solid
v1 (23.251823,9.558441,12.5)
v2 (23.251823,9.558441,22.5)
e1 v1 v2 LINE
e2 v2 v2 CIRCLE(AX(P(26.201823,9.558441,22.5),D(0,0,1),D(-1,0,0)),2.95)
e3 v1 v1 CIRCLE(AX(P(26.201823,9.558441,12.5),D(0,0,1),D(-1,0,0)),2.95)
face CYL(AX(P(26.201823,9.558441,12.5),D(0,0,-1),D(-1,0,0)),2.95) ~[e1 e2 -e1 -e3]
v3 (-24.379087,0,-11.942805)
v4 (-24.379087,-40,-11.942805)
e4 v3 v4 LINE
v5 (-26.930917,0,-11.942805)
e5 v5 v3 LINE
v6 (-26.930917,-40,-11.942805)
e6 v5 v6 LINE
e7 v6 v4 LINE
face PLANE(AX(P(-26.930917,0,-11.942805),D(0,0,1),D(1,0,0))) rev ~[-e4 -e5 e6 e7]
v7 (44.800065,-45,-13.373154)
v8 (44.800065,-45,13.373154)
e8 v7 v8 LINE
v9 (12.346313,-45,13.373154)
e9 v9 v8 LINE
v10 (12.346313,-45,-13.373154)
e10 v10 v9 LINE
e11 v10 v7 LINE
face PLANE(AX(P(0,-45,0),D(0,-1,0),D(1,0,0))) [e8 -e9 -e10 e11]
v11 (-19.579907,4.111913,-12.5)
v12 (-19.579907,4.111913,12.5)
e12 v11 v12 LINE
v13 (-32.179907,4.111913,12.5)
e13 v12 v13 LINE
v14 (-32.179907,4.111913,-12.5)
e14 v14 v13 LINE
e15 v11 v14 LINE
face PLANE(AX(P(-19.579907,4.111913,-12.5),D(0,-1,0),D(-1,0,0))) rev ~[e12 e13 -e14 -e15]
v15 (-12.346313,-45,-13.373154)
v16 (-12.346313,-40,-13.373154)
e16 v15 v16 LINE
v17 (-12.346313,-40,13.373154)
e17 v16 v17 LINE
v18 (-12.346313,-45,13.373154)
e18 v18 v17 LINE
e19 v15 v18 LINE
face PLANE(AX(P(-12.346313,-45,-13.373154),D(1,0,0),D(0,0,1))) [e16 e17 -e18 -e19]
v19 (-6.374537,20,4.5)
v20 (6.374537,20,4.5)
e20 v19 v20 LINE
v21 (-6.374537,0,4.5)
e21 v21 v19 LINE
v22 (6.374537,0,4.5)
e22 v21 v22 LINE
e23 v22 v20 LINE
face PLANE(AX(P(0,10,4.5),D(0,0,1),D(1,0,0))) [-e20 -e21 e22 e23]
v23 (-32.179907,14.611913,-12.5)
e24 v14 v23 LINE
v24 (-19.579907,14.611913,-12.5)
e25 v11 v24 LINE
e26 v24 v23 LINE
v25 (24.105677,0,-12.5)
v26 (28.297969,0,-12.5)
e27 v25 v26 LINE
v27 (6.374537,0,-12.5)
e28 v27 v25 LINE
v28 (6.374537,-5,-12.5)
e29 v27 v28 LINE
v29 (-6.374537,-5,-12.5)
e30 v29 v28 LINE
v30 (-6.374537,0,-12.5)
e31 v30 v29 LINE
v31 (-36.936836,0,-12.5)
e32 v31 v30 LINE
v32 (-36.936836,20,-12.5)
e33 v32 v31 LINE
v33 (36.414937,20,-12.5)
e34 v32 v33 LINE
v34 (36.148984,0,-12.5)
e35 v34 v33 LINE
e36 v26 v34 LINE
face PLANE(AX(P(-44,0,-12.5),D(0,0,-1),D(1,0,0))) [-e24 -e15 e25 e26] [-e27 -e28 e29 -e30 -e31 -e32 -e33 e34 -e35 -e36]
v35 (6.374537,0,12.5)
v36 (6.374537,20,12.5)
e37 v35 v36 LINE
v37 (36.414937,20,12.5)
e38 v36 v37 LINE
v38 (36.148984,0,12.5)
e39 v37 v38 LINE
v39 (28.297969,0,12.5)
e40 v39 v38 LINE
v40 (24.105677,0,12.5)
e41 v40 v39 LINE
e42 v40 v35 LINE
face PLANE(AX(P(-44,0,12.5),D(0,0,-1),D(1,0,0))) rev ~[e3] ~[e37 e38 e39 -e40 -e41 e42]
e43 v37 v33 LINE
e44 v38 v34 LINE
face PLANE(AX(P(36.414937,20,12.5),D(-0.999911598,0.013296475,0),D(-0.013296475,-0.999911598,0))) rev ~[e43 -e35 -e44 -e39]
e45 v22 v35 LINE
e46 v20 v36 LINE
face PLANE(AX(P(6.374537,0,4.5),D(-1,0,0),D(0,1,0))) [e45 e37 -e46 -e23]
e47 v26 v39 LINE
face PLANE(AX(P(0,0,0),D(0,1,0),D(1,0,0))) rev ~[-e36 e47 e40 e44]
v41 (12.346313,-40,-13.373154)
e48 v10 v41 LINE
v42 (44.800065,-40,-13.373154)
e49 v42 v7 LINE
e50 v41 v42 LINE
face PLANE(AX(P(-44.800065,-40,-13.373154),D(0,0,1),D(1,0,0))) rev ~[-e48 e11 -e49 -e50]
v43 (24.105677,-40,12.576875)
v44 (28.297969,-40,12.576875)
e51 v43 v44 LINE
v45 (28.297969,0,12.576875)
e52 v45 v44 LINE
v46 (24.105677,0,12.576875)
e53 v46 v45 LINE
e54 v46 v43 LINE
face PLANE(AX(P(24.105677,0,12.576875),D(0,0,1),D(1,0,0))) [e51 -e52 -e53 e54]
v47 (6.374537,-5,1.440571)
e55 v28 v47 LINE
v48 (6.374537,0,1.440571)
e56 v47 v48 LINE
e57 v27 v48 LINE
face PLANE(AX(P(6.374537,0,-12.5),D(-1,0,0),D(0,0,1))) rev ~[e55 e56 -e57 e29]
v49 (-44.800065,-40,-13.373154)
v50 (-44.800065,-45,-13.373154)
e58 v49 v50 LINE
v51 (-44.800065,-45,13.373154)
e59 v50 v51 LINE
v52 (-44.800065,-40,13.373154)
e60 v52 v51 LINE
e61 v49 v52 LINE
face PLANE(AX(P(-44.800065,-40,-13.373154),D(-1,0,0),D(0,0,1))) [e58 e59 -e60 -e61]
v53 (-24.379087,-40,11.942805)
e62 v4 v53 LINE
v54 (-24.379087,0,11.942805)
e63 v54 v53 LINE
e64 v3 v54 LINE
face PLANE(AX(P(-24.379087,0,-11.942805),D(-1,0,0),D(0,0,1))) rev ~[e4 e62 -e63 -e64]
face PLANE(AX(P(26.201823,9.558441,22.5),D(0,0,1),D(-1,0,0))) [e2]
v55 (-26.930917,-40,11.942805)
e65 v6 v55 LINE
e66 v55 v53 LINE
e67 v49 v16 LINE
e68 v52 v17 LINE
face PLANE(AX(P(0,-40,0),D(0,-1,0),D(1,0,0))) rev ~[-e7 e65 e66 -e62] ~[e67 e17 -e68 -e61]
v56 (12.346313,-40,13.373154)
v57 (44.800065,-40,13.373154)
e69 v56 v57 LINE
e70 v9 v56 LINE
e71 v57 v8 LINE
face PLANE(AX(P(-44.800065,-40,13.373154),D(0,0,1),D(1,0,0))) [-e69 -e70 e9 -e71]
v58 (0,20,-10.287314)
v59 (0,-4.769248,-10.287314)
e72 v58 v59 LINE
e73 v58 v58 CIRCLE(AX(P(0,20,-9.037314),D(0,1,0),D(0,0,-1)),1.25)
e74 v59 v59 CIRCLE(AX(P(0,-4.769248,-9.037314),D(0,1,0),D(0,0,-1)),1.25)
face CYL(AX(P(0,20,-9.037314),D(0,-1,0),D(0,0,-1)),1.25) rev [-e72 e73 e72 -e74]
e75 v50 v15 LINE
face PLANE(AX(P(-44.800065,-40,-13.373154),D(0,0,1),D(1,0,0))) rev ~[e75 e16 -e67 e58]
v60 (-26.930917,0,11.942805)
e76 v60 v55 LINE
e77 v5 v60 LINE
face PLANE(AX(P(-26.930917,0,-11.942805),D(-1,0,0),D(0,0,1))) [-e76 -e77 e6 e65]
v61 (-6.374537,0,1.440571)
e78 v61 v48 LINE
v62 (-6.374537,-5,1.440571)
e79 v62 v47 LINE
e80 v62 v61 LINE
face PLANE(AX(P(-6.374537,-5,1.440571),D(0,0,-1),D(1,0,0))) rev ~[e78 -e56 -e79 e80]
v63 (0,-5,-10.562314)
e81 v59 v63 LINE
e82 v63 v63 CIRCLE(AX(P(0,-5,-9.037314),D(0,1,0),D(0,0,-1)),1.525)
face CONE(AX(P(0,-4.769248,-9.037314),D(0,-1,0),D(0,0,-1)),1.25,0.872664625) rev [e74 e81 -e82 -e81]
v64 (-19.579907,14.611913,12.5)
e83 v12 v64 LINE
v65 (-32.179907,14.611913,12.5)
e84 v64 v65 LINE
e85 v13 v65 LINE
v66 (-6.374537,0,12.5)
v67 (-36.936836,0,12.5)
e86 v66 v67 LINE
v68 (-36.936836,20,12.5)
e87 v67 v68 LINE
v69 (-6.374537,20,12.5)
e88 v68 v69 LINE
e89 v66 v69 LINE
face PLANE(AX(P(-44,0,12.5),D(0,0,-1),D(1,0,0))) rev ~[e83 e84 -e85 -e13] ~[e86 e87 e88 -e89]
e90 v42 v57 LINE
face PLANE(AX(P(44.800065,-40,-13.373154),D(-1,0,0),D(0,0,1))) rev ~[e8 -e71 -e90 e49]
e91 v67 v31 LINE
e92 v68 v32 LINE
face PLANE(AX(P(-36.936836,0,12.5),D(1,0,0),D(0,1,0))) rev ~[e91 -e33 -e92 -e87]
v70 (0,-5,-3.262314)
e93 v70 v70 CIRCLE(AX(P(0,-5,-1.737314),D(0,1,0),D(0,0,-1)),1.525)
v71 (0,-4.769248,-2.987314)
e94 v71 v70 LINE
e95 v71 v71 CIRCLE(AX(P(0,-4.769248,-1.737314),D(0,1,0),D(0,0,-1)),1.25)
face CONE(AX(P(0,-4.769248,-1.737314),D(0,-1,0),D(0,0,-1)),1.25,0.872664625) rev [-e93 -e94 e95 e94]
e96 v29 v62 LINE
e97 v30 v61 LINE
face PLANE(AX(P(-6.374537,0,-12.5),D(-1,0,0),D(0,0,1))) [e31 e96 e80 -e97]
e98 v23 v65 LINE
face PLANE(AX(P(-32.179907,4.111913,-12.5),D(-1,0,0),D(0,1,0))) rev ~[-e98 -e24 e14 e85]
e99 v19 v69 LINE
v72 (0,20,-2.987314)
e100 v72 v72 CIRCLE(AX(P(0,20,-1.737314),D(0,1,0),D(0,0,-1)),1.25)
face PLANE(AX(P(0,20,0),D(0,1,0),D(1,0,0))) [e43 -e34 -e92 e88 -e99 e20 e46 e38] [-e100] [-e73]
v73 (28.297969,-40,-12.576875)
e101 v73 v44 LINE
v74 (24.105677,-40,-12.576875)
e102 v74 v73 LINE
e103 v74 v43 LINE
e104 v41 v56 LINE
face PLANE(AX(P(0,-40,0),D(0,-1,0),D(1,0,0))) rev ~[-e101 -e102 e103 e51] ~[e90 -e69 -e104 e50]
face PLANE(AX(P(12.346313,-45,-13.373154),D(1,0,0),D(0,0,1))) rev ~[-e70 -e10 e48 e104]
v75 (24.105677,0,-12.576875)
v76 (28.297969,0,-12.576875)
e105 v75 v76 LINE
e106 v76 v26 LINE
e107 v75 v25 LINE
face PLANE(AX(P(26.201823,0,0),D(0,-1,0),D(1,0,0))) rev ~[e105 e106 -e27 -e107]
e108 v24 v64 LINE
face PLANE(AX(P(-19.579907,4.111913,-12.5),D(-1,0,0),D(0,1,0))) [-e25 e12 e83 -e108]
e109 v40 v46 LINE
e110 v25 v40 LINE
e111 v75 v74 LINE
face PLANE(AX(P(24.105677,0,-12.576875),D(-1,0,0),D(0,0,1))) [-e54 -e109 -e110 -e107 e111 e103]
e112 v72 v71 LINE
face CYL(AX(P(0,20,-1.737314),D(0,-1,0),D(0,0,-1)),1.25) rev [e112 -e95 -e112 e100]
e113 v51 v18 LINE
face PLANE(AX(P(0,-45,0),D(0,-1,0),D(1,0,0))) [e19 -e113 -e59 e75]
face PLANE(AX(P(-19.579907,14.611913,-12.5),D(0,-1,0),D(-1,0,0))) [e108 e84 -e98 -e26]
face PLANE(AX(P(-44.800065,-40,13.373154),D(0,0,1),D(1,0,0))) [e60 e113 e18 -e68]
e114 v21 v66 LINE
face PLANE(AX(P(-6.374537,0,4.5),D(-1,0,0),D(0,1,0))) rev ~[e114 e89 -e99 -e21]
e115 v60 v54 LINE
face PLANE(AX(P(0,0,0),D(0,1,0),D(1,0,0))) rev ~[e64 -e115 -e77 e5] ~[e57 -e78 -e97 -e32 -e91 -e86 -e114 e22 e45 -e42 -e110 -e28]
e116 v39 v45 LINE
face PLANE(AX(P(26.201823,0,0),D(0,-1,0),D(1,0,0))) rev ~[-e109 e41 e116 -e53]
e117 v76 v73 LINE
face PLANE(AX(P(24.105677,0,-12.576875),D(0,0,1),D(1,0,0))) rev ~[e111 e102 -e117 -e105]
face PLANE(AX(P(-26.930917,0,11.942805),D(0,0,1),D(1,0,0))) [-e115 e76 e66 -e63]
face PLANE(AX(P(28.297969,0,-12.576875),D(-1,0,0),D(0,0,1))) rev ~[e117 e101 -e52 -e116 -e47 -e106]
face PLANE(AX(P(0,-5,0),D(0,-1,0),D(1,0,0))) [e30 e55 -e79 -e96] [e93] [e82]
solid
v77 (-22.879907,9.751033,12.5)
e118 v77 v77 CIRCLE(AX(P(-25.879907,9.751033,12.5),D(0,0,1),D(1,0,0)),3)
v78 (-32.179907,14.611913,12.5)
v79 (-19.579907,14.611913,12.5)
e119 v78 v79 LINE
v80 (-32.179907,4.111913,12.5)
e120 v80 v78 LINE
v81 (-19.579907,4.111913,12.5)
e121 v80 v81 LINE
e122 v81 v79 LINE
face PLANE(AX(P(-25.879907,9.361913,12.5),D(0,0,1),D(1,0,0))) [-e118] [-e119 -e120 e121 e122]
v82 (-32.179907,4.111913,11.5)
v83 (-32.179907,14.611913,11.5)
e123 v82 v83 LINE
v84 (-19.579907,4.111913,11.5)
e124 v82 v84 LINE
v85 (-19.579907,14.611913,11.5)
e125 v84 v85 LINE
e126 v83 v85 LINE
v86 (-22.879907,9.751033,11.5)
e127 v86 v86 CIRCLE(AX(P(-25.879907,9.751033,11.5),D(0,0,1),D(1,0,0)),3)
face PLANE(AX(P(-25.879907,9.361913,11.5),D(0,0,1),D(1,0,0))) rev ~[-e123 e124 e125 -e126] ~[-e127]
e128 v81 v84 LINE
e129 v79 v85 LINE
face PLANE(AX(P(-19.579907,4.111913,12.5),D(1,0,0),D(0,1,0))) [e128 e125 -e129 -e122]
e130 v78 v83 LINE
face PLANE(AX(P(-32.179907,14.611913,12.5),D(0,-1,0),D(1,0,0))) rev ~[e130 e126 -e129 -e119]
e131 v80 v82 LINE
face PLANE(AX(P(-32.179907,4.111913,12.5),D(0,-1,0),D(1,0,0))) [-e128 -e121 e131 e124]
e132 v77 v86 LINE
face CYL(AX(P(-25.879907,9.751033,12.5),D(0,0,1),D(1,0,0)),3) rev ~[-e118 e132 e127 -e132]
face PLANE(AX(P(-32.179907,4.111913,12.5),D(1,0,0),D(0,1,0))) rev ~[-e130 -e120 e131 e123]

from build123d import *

# Parameters (mm, degrees)
SKETCH_1_W               = 88
SKETCH_1_H               = 25
EXTRUDE_2_DEPTH          = 20
SKETCH_4_W               = 2.551829688
SKETCH_4_H               = 23.885610852
EXTRUDE_5_DEPTH          = 40
SKETCH_5_W               = 4.19229163
SKETCH_5_H               = 25.15374978
EXTRUDE_6_DEPTH          = 40
SKETCH_6_W               = 89.600130436
SKETCH_6_H               = 26.746307592
EXTRUDE_7_DEPTH          = 5
SKETCH_7_W               = 12.6
SKETCH_7_H               = 10.5
CUT_EXTRUDE_1_DEPTH      = 69.567236571
SKETCH_8_W               = 12.6
SKETCH_8_H               = 10.5
EXTRUDE_8_DEPTH          = 1
SKETCH_10_R              = 2.95
EXTRUDE_9_DEPTH          = 10
SKETCH_2_W               = 12.749073286
SKETCH_2_H               = 25
EXTRUDE_10_DEPTH         = 5
SKETCH_14_W              = 24.692625752
SKETCH_14_H              = 26.746307592
CUT_EXTRUDE_3_DEPTH      = 10
SKETCH_15_W              = 12.749073286
SKETCH_15_H              = 11.05942892
CUT_EXTRUDE_4_DEPTH      = 5
SKETCH_16_R              = 3
CUT_EXTRUDE_5_DEPTH      = 5
SKETCH_29_W              = 7.06316408
SKETCH_29_H              = 20
CUT_EXTRUDE_6_DEPTH      = 69.567236571
CUT_EXTRUDE_7_DEPTH      = 69.567236571
CUT_EXTRUDE_8_DEPTH      = 69.567236571
CUT_EXTRUDE_8_DEPTH_BACK = 8
SKETCH_31_W              = 12.749073286
SKETCH_31_H              = 20


with BuildPart() as part:
    # 草圖1 → 填料-伸長2 (new body)
    with BuildSketch(Plane(origin=(0, 0, 0), x_dir=(1, 0, 0), z_dir=(0, 1, 0))):
        Rectangle(SKETCH_1_W, SKETCH_1_H)
    extrude(amount=EXTRUDE_2_DEPTH)

    # 草圖4 → 填料-伸長5 (add)
    with BuildSketch(Plane.XZ):
        with Locations((-25.655002041, 0)):
            Rectangle(SKETCH_4_W, SKETCH_4_H)
    extrude(amount=EXTRUDE_5_DEPTH)

    # 草圖5 → 填料-伸長6 (add)
    with BuildSketch(Plane.XZ):
        with Locations((26.201822688, 0)):
            Rectangle(SKETCH_5_W, SKETCH_5_H)
    extrude(amount=EXTRUDE_6_DEPTH)

    # 草圖6 → 填料-伸長7 (add)
    with BuildSketch(Plane.XZ.offset(40)):
        Rectangle(SKETCH_6_W, SKETCH_6_H)
    extrude(amount=EXTRUDE_7_DEPTH)

    # 草圖7 → 除料-伸長1 (cut, through all)
    with BuildSketch(Plane(origin=(0, 0, -12.5), x_dir=(-1, 0, 0), z_dir=(0, 0, -1))):
        with Locations((25.879907351, 9.361912681)):
            Rectangle(SKETCH_7_W, SKETCH_7_H)
    extrude(amount=-CUT_EXTRUDE_1_DEPTH, mode=Mode.SUBTRACT)

    # 草圖10 → 填料-伸長9 (add)
    with BuildSketch(Plane.XY.offset(12.5)):
        with Locations(Location((26.201822688, 9.558441428, 0), (0, 0, 180))):
            Circle(SKETCH_10_R)
    extrude(amount=EXTRUDE_9_DEPTH)

    # 草圖2 → 填料-伸長10 (add)
    with BuildSketch(Plane.XZ):
        Rectangle(SKETCH_2_W, SKETCH_2_H)
    extrude(amount=EXTRUDE_10_DEPTH)

    # 草圖14 → 除料-伸長3 (cut)
    with BuildSketch(Plane.XZ.offset(45)):
        Rectangle(SKETCH_14_W, SKETCH_14_H)
    extrude(amount=-CUT_EXTRUDE_3_DEPTH, mode=Mode.SUBTRACT)

    # 草圖15 → 除料-伸長4 (cut)
    with BuildSketch(Plane.XZ.offset(5)):
        with Locations((0, 6.97028554)):
            Rectangle(SKETCH_15_W, SKETCH_15_H)
    extrude(amount=-CUT_EXTRUDE_4_DEPTH, mode=Mode.SUBTRACT)

    # 草圖24 → M3 螺紋孔3 (revolve, cut)
    with BuildSketch(Plane(origin=(0, -5, -1.73731437), x_dir=(0, 0, -1), z_dir=(1, 0, 0))):
        Polygon((0, 0), (0, 25), (1.25, 25), (1.25, 0.230752399), (1.525, 0), align=None)
    revolve(axis=Axis((0, -11.35, -1.73731437), (0, 1, 0)), mode=Mode.SUBTRACT)

    # 草圖27 → M3 螺紋孔4 (revolve, cut)
    with BuildSketch(Plane(origin=(0, -5, -9.03731437), x_dir=(0, 0, -1), z_dir=(1, 0, 0))):
        Polygon((0, 0), (0, 25), (1.25, 25), (1.25, 0.230752399), (1.525, 0), align=None)
    revolve(axis=Axis((0, -11.35, -9.03731437), (0, 1, 0)), mode=Mode.SUBTRACT)

    # 草圖29 → 除料-伸長6 (cut, through all)
    with BuildSketch(Plane.XY.offset(12.5)):
        with Locations((-40.46841796, 10)):
            Rectangle(SKETCH_29_W, SKETCH_29_H)
    extrude(amount=-CUT_EXTRUDE_6_DEPTH, mode=Mode.SUBTRACT)

    # 草圖30 → 除料-伸長7 (cut, through all)
    with BuildSketch(Plane.XY.offset(12.5)):
        Polygon((36.414937256, 20), (36.148984252, 0), (44, 0), (44, 20), align=None)
    extrude(amount=-CUT_EXTRUDE_7_DEPTH, mode=Mode.SUBTRACT)

    # 草圖31 → 除料-伸長8 (cut, two sides: drawn at the far end of the back side and taken through both)
    with BuildSketch(Plane.XY.offset(12.5).offset(-CUT_EXTRUDE_8_DEPTH_BACK)):
        with Locations((0, 10)):
            Rectangle(SKETCH_31_W, SKETCH_31_H)
    extrude(amount=CUT_EXTRUDE_8_DEPTH + CUT_EXTRUDE_8_DEPTH_BACK, mode=Mode.SUBTRACT)


with BuildPart() as body_2:
    # 草圖8 → 填料-伸長8 (new body)
    with BuildSketch(Plane.XY.offset(12.5)):
        with Locations((-25.879907351, 9.361912681)):
            Rectangle(SKETCH_8_W, SKETCH_8_H)
    extrude(amount=-EXTRUDE_8_DEPTH)

    # 草圖16 → 除料-伸長5 (cut)
    with BuildSketch(Plane.XY.offset(12.5)):
        with Locations((-25.879907351, 9.751032881)):
            Circle(SKETCH_16_R)
    extrude(amount=-CUT_EXTRUDE_5_DEPTH, mode=Mode.SUBTRACT)


solid = Compound([part.part, body_2.part])
